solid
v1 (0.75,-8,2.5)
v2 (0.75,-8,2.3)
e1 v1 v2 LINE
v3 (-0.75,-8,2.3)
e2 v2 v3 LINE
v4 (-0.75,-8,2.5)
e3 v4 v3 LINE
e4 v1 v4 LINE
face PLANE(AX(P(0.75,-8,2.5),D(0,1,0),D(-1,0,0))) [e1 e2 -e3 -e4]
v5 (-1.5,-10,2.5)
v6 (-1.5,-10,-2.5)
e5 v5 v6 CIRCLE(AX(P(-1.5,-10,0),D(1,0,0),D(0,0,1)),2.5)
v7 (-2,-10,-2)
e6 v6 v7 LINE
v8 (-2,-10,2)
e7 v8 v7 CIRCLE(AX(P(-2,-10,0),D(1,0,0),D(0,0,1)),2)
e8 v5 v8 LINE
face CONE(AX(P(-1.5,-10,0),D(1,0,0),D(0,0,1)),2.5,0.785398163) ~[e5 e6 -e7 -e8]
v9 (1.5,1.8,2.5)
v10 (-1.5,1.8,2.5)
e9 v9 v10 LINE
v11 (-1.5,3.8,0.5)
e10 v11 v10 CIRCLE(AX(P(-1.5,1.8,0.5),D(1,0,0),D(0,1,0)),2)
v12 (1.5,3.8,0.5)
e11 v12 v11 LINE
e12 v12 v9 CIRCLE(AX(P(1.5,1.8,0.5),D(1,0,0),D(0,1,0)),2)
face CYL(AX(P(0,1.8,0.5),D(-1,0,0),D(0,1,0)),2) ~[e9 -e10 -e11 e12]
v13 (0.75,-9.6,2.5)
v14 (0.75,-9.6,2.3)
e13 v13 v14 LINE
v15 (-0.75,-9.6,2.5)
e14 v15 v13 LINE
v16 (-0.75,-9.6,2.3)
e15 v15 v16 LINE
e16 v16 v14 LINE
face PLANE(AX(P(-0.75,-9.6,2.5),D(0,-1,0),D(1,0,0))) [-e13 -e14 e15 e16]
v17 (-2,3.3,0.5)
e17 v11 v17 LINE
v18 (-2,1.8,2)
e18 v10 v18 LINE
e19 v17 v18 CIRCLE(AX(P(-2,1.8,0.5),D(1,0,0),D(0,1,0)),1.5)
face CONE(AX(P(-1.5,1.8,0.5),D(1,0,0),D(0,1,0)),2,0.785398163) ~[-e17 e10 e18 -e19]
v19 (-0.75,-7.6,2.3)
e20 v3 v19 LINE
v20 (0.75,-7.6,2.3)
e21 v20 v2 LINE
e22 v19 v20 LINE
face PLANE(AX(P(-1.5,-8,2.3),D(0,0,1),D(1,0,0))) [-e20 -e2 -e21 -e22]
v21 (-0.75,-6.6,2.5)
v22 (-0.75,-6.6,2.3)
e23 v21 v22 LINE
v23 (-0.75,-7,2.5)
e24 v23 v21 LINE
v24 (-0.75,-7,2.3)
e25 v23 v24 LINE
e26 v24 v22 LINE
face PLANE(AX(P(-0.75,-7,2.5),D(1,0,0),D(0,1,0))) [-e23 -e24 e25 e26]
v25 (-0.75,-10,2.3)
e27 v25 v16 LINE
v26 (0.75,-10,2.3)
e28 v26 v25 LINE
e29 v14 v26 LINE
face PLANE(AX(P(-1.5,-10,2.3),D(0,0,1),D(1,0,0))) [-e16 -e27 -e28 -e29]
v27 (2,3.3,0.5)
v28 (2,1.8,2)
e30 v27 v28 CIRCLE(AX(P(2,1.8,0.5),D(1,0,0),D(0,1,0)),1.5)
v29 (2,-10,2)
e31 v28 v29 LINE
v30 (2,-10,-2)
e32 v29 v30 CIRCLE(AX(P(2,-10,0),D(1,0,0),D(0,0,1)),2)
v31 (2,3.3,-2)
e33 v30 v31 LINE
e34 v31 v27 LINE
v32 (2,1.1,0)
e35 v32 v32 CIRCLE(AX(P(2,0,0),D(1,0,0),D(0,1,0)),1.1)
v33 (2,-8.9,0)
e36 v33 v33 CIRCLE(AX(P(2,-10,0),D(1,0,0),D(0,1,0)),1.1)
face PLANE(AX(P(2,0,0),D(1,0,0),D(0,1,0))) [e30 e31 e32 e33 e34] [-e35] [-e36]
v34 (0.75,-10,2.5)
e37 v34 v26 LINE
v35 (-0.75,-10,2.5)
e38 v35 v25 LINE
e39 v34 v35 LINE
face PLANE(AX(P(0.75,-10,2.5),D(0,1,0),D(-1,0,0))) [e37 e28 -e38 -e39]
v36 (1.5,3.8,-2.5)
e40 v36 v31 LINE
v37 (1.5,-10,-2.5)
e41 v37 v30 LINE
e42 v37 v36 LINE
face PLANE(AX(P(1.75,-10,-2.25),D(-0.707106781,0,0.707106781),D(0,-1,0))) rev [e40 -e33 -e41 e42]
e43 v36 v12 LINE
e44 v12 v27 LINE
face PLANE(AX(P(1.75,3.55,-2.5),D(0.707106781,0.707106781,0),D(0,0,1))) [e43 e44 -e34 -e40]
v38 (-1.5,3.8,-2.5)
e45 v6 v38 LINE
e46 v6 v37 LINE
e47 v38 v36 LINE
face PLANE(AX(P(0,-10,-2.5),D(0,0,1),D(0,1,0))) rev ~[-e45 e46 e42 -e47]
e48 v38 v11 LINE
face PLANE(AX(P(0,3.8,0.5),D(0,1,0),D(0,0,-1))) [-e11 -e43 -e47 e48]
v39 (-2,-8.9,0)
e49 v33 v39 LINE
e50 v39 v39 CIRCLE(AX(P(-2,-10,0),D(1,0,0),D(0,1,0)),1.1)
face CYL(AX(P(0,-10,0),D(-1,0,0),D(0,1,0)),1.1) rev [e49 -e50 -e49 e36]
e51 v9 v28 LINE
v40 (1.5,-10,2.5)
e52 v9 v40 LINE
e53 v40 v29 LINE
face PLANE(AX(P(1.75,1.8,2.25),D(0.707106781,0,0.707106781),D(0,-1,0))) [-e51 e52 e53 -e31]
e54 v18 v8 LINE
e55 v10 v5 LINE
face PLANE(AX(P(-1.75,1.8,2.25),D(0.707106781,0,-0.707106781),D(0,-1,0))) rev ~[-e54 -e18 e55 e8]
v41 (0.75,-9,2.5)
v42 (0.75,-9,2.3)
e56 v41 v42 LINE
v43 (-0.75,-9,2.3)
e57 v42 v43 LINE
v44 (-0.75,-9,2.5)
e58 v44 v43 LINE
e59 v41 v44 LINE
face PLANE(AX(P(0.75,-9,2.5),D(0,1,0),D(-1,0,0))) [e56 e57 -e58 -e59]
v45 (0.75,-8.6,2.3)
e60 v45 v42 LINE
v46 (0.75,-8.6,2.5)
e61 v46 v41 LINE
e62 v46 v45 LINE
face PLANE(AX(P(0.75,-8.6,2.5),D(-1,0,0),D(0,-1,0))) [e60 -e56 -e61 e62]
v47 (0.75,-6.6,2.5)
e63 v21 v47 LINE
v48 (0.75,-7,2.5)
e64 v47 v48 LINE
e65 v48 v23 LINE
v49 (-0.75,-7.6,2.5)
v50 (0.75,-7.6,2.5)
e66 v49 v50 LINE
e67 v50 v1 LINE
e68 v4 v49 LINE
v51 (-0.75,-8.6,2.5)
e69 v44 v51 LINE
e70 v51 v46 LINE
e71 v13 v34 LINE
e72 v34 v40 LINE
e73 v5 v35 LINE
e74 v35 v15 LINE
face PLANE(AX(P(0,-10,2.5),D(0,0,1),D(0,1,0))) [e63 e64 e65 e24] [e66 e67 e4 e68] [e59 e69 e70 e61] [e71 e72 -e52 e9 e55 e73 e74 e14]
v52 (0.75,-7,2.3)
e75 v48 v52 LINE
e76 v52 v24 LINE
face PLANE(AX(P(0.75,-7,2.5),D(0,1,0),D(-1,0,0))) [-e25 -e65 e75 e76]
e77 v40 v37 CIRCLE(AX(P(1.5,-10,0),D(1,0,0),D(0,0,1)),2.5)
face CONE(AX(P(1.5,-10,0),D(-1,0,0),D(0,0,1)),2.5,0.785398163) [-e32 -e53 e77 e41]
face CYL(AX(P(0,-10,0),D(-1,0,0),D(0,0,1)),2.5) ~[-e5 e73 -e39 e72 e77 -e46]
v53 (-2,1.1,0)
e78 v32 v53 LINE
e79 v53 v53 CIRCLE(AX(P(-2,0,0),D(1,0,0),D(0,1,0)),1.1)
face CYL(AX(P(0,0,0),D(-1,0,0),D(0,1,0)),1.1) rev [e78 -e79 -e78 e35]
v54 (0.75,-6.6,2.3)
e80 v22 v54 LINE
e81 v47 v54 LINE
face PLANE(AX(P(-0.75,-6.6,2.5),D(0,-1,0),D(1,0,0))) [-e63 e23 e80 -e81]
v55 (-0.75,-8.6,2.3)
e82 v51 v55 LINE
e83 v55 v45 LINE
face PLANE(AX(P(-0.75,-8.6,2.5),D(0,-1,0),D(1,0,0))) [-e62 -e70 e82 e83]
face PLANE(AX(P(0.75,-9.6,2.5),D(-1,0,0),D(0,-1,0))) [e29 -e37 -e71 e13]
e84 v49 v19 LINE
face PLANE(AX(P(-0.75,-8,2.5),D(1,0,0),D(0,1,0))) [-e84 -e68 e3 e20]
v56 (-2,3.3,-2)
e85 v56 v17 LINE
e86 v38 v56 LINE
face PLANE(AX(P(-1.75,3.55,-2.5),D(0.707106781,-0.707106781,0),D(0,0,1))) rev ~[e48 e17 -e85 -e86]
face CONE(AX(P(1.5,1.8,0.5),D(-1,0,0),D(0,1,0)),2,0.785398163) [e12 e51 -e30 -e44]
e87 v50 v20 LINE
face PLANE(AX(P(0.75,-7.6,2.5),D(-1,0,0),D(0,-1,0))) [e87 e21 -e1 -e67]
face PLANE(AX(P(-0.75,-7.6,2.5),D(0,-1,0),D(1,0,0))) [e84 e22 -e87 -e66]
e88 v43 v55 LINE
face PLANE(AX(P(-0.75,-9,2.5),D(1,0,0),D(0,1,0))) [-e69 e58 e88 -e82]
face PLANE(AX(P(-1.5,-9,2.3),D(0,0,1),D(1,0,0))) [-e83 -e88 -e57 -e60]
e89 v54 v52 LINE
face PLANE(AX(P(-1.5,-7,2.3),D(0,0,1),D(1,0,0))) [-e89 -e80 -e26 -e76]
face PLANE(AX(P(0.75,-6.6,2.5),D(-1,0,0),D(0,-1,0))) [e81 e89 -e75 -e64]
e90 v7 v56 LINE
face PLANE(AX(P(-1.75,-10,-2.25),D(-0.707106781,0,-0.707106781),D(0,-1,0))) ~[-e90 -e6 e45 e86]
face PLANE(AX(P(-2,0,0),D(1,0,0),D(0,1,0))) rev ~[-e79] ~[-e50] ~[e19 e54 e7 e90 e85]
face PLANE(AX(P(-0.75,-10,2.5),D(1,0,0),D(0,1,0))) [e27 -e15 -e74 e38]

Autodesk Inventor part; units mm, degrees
ref_plane "YZ Plane" through (0, 0, 0) normal (1, 0, 0) x (0, 1, 0)
ref_plane "XZ Plane" through (0, 0, 0) normal (0, 1, 0) x (-1, 0, 0)
ref_plane "XY Plane" through (0, 0, 0) normal (0, 0, 1) x (1, 0, 0)
sketch "Skizze1" plane through (0, 0, 0) normal (1, 0, 0) x (0, 1, 0)
  line L0 (0, 0) -> (-10, 0) construction
  circle A0 centre (0, 0) radius 1.1
  circle A1 centre (-10, 0) radius 1.1
  arc A2 (-10, 2.5) -> (-10, -2.5) centre (-10, 0) ccw
  line L1 (-10, -2.5) -> (3.8, -2.5)
  line L2 (-10, 2.5) -> (1.8, 2.5)
  arc A3 (3.8, 0.5) -> (1.8, 2.5) centre (1.8, 0.5) ccw
  line L3 (3.8, 0.5) -> (3.8, -2.5)
  dimension "d0" = 10
  dimension "d1" = 2.2
  dimension "d2" = 2.2
  dimension "d3" = 2.5
  dimension "d8" = 2
  dimension "d9" = 3.8
extrude "Extrusion1" add sketch "Skizze1" along normal mid plane 4
chamfer "Fase1" distance 0.5 angle 45 10 edges at (2, 3.2142, 1.9142) (2, -4.1, 2.5) (2, -12.5, 0) (2, -3.1, -2.5) (2, 3.8, -1) (-2, 3.2142, 1.9142) (-2, -4.1, 2.5) (-2, -12.5, 0) (-2, -3.1, -2.5) (-2, 3.8, -1)
sketch "Skizze4" plane through (-1.5, -10, 2.5) normal (0, 0, 1) x (1, 0, 0)
  line L0 (1.5, 17.06) -> (1.5, -5.76) construction
  line L1 (0, 0) -> (3, 0) construction
  line L2 (0.75, 0.4) -> (2.25, 0.4)
  line L3 (2.25, 0.4) -> (2.25, 0)
  line L4 (2.25, 0) -> (0.75, 0)
  line L5 (0.75, 0) -> (0.75, 0.4)
  line L6 (0.75, 0.4) -> (2.25, 0) construction
  line L7 (2.25, 0.4) -> (0.75, 0) construction
  point P0 (1.5, 10)
  point P1 (1.5, 0.2)
  point P2 (1.5, 0)
  dimension "d23" = 0.4
  dimension "d24" = 1.5
extrude "Extrusion3" cut sketch "Skizze4" against normal blind 0.2
pattern_linear "Rechteckige Anordnung1" count 4 spacing 1 along (0, 1, 0) of "Extrusion3"
equation "\"d2\" = d1"
properties part number "Chipanschlag T2"
